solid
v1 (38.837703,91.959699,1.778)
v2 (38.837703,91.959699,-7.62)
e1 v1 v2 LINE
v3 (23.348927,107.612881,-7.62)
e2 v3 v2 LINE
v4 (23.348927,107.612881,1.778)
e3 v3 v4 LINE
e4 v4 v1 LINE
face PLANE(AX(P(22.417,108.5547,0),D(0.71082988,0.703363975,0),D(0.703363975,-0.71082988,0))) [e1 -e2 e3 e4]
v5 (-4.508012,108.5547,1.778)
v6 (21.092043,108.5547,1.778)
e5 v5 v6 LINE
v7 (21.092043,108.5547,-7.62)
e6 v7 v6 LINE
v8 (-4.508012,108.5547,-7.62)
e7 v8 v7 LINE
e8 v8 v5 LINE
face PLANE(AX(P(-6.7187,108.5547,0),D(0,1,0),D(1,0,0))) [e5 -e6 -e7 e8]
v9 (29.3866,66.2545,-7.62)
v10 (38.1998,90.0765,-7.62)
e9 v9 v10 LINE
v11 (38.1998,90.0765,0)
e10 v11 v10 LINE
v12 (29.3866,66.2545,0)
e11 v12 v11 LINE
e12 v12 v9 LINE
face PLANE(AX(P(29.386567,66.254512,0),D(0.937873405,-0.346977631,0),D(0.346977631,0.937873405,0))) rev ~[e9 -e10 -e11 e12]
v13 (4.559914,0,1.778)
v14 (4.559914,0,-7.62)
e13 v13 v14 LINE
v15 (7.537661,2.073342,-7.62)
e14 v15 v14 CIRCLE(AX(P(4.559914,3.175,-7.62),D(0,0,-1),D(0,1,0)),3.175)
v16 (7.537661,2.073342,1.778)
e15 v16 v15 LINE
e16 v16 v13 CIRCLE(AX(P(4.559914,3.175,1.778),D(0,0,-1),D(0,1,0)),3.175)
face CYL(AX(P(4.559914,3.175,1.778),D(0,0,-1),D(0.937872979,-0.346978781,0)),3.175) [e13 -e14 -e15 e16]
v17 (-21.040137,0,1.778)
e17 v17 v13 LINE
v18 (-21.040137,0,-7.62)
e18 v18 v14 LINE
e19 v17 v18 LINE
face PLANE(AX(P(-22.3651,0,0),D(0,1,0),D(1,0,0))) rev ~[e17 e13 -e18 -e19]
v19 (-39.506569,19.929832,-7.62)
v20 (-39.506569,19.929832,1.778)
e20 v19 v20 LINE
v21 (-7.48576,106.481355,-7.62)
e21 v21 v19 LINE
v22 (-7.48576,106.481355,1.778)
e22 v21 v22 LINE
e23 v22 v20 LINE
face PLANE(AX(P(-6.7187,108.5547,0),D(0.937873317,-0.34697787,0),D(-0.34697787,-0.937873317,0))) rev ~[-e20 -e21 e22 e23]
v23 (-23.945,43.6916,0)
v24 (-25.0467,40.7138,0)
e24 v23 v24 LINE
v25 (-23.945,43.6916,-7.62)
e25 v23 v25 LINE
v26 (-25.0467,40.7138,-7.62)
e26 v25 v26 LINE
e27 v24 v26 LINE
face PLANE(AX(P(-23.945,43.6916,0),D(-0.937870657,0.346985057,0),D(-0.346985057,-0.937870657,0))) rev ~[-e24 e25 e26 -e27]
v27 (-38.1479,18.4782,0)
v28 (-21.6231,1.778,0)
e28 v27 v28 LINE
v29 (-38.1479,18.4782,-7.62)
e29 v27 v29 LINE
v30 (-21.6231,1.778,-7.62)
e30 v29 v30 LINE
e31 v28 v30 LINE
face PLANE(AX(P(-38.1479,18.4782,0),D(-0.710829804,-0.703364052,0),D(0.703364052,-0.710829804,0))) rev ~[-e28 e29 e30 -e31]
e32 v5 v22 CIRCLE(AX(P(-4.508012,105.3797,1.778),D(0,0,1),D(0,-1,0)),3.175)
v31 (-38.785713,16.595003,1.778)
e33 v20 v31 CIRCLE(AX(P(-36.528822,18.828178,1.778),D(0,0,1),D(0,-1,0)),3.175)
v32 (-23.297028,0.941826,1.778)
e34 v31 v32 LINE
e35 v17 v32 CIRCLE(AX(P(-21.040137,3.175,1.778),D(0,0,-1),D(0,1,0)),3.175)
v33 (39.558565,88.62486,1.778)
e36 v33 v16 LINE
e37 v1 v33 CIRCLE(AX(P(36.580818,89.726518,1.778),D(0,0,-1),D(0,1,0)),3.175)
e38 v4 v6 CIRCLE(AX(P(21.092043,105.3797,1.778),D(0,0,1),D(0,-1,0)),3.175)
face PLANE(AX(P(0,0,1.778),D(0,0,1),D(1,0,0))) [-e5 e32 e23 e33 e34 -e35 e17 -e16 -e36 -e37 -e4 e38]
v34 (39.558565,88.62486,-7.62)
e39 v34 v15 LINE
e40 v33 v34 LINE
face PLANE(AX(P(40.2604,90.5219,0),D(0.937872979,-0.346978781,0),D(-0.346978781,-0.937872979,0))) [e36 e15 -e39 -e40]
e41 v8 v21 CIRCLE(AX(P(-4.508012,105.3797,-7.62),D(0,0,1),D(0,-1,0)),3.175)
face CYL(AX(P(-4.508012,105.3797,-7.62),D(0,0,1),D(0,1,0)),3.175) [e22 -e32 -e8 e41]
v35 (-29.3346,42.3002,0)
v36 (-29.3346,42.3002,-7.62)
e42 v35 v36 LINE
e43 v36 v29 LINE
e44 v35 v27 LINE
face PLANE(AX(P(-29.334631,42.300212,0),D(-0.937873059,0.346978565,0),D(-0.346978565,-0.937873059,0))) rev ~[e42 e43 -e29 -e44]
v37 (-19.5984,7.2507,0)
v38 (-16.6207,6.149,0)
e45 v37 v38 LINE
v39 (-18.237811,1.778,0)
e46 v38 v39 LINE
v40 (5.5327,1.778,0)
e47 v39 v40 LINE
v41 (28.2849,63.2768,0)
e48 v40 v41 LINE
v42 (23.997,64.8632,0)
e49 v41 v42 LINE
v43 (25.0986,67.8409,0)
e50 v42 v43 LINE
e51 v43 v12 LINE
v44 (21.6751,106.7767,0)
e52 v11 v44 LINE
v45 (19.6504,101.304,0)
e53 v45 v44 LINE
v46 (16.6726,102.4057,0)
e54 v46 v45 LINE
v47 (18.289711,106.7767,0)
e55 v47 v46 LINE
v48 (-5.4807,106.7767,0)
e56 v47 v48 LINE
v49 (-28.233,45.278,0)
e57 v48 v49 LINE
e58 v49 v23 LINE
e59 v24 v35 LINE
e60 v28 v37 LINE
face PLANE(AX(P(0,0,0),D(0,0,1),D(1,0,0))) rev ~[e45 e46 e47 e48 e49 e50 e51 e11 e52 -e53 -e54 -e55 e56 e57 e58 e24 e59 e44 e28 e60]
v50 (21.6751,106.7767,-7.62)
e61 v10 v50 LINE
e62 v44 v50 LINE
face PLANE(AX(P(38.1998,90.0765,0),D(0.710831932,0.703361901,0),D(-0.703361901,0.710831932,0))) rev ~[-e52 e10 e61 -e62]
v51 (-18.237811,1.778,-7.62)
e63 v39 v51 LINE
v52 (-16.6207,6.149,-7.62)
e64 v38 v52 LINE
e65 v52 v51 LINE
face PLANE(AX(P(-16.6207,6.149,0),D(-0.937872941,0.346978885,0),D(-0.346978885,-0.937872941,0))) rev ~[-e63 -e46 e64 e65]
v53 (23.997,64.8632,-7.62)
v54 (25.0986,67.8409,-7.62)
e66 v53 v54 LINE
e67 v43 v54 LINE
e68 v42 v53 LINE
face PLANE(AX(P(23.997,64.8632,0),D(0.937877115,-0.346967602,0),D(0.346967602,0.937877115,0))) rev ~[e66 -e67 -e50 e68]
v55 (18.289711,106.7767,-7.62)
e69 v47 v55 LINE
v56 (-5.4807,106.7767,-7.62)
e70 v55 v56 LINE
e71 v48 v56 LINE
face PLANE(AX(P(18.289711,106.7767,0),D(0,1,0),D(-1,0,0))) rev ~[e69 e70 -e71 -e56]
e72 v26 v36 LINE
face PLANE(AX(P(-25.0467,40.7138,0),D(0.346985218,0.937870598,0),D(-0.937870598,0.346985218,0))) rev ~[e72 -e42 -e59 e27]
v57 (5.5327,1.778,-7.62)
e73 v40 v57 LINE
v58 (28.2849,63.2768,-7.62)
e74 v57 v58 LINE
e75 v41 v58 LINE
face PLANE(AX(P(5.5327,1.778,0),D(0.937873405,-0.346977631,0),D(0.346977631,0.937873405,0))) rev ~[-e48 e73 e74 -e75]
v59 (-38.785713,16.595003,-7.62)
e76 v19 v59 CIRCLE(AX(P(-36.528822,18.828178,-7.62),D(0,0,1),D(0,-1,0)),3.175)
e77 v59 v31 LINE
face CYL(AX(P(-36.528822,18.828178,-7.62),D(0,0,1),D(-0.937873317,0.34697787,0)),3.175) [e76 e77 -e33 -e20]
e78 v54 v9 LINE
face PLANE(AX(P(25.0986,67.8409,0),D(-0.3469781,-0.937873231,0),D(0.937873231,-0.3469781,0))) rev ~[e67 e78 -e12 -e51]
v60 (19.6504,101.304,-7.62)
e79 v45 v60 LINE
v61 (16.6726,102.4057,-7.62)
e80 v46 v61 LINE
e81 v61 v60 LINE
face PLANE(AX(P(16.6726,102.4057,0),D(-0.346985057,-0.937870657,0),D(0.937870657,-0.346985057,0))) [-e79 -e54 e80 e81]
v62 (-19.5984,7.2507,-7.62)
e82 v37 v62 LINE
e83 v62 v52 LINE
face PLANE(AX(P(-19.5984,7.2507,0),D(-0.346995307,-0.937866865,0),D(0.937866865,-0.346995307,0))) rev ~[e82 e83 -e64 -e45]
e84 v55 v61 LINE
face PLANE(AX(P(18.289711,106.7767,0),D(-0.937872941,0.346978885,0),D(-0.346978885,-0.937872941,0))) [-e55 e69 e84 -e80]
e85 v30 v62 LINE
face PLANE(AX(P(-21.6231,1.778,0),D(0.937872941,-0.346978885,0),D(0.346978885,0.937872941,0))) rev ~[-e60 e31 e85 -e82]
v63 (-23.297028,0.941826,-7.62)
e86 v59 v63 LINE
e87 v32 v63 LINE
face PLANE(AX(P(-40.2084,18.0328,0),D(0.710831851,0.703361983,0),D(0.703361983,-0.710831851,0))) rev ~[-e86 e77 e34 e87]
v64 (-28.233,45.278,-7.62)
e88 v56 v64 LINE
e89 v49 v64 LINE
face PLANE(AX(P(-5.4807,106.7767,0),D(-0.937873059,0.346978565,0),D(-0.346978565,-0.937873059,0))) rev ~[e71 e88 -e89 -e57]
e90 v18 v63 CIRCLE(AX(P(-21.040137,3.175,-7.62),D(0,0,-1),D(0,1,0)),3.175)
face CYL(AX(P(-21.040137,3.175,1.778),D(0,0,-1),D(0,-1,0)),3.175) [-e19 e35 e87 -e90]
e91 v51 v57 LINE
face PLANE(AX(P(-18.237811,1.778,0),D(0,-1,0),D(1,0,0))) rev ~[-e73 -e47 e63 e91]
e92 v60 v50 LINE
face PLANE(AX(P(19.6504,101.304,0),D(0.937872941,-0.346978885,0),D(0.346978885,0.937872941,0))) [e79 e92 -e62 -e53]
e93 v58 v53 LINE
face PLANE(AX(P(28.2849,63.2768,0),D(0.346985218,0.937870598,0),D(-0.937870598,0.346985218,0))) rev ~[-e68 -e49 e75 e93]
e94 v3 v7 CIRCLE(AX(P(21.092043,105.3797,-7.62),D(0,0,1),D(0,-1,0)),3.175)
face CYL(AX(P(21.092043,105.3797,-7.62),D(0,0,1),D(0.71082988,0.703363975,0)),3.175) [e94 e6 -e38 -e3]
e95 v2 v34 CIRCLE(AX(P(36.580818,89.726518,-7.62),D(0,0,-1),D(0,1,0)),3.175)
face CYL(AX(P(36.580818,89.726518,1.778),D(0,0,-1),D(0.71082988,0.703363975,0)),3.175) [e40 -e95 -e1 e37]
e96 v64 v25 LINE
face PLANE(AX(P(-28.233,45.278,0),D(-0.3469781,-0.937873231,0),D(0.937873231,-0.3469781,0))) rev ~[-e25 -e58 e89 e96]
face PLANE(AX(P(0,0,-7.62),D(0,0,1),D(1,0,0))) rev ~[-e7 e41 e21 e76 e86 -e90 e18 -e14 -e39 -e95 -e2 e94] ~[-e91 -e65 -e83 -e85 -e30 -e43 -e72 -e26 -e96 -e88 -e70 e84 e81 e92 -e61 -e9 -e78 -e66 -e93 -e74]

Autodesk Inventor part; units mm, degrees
ref_plane "YZ Plane" through (0, 0, 0) normal (1, 0, 0) x (0, 1, 0)
ref_plane "XZ Plane" through (0, 0, 0) normal (0, 1, 0) x (-1, 0, 0)
ref_plane "XY Plane" through (0, 0, 0) normal (0, 0, 1) x (1, 0, 0)
sketch "TopProfile" plane through (0, 0, 0) normal (0, 0, 1) x (1, 0, 0)
  line L0 (22.417, 108.5547) -> (40.2604, 90.5219)
  line L1 (-6.7187, 108.5547) -> (22.417, 108.5547)
  line L2 (-6.7187, 108.5547) -> (-40.2084, 18.0328)
  line L3 (40.2604, 90.5219) -> (6.7706, 0)
  line L4 (-22.3651, 0) -> (6.7706, 0)
  line L5 (-40.2084, 18.0328) -> (-22.3651, 0)
  line L6 (-35.2804, 13.0524) -> (0.052, 108.5547) construction
  line L7 (0.052, 108.5547) -> (35.3323, 95.5023) construction
  line L8 (35.3323, 95.5023) -> (0, 0) construction
  line L9 (0, 0) -> (-35.2804, 13.0524) construction
  line L10 (-56.3022, 0) -> (56.3541, 0) construction
  line L11 (-38.1479, 18.4782) -> (-21.6231, 1.778)
  line L12 (-21.6231, 1.778) -> (5.5327, 1.778)
  line L13 (5.5327, 1.778) -> (38.1998, 90.0765)
  line L14 (38.1998, 90.0765) -> (21.6751, 106.7767)
  line L15 (21.6751, 106.7767) -> (-5.4807, 106.7767)
  line L16 (-5.4807, 106.7767) -> (-38.1479, 18.4782)
  line L17 (-29.3346, 42.3002) -> (-28.233, 45.278)
  line L18 (-28.233, 45.278) -> (-23.945, 43.6916)
  line L19 (-23.945, 43.6916) -> (-25.0467, 40.7138)
  line L20 (-25.0467, 40.7138) -> (-29.3346, 42.3002)
  line L21 (25.0986, 67.8409) -> (29.3866, 66.2545)
  line L22 (29.3866, 66.2545) -> (28.2849, 63.2768)
  line L23 (28.2849, 63.2768) -> (23.997, 64.8632)
  line L24 (23.997, 64.8632) -> (25.0986, 67.8409)
  line L25 (16.6726, 102.4057) -> (19.6504, 101.304)
  line L26 (19.6504, 101.304) -> (21.6751, 106.7767)
  line L27 (21.6751, 106.7767) -> (18.6973, 107.8784)
  line L28 (18.6973, 107.8784) -> (16.6726, 102.4057)
  line L29 (-19.5984, 7.2507) -> (-16.6207, 6.149)
  line L30 (-16.6207, 6.149) -> (-18.6454, 0.6763)
  line L31 (-18.6454, 0.6763) -> (-21.6231, 1.778)
  line L32 (-21.6231, 1.778) -> (-19.5984, 7.2507)
  point P0 (-18.2378, 1.778)
  point P1 (18.2897, 106.7767)
  dimension "d0" = 29.1357
  dimension "d2" = 69.697
  dimension "d3" = 25
  dimension "d4" = 25
  dimension "d5" = 101.8286
  dimension "d6" = 37.6174
  dimension "d7" = 25.3686
  dimension "d8" = 1.778
  dimension "d17" = 3.175
  dimension "d18" = 25.4
  dimension "d19" = 25.4
extrude "CapFeature" add sketch "TopProfile" along normal blind 1.778 contours L0 L3 L4 L5 L2 L1 | L16 L20 L19 L18 L15 L28 L25 L26 L14 L13 L21 L24 L23 L12 L30 L29 L32 L11 | L32 L29 L30 L12 | L12 L30 L31 | L16 L18 L19 L20 | L23 L24 L21 L13 | L28 L27 L15 | L15 L26 L25 L28
extrude "WallsFeature" add sketch "TopProfile" against normal blind 7.62 contours L0 L3 L4 L5 L2 L1 | L32 L29 L30 L12 | L12 L30 L31 | L16 L18 L19 L20 | L23 L24 L21 L13 | L28 L27 L15 | L15 L26 L25 L28
fillet "SideFilletsFeature" radius 3.175 6 edges at (-22.3651, 0, -2.921) (-40.2084, 18.0328, -2.921) (6.7706, 0, -2.921) (40.2604, 90.5219, -2.921) (22.417, 108.5547, -2.921) (-6.7187, 108.5547, -2.921)
equation "\"d19\" = d18"
properties part number "switchback-pickup-cover-8"
